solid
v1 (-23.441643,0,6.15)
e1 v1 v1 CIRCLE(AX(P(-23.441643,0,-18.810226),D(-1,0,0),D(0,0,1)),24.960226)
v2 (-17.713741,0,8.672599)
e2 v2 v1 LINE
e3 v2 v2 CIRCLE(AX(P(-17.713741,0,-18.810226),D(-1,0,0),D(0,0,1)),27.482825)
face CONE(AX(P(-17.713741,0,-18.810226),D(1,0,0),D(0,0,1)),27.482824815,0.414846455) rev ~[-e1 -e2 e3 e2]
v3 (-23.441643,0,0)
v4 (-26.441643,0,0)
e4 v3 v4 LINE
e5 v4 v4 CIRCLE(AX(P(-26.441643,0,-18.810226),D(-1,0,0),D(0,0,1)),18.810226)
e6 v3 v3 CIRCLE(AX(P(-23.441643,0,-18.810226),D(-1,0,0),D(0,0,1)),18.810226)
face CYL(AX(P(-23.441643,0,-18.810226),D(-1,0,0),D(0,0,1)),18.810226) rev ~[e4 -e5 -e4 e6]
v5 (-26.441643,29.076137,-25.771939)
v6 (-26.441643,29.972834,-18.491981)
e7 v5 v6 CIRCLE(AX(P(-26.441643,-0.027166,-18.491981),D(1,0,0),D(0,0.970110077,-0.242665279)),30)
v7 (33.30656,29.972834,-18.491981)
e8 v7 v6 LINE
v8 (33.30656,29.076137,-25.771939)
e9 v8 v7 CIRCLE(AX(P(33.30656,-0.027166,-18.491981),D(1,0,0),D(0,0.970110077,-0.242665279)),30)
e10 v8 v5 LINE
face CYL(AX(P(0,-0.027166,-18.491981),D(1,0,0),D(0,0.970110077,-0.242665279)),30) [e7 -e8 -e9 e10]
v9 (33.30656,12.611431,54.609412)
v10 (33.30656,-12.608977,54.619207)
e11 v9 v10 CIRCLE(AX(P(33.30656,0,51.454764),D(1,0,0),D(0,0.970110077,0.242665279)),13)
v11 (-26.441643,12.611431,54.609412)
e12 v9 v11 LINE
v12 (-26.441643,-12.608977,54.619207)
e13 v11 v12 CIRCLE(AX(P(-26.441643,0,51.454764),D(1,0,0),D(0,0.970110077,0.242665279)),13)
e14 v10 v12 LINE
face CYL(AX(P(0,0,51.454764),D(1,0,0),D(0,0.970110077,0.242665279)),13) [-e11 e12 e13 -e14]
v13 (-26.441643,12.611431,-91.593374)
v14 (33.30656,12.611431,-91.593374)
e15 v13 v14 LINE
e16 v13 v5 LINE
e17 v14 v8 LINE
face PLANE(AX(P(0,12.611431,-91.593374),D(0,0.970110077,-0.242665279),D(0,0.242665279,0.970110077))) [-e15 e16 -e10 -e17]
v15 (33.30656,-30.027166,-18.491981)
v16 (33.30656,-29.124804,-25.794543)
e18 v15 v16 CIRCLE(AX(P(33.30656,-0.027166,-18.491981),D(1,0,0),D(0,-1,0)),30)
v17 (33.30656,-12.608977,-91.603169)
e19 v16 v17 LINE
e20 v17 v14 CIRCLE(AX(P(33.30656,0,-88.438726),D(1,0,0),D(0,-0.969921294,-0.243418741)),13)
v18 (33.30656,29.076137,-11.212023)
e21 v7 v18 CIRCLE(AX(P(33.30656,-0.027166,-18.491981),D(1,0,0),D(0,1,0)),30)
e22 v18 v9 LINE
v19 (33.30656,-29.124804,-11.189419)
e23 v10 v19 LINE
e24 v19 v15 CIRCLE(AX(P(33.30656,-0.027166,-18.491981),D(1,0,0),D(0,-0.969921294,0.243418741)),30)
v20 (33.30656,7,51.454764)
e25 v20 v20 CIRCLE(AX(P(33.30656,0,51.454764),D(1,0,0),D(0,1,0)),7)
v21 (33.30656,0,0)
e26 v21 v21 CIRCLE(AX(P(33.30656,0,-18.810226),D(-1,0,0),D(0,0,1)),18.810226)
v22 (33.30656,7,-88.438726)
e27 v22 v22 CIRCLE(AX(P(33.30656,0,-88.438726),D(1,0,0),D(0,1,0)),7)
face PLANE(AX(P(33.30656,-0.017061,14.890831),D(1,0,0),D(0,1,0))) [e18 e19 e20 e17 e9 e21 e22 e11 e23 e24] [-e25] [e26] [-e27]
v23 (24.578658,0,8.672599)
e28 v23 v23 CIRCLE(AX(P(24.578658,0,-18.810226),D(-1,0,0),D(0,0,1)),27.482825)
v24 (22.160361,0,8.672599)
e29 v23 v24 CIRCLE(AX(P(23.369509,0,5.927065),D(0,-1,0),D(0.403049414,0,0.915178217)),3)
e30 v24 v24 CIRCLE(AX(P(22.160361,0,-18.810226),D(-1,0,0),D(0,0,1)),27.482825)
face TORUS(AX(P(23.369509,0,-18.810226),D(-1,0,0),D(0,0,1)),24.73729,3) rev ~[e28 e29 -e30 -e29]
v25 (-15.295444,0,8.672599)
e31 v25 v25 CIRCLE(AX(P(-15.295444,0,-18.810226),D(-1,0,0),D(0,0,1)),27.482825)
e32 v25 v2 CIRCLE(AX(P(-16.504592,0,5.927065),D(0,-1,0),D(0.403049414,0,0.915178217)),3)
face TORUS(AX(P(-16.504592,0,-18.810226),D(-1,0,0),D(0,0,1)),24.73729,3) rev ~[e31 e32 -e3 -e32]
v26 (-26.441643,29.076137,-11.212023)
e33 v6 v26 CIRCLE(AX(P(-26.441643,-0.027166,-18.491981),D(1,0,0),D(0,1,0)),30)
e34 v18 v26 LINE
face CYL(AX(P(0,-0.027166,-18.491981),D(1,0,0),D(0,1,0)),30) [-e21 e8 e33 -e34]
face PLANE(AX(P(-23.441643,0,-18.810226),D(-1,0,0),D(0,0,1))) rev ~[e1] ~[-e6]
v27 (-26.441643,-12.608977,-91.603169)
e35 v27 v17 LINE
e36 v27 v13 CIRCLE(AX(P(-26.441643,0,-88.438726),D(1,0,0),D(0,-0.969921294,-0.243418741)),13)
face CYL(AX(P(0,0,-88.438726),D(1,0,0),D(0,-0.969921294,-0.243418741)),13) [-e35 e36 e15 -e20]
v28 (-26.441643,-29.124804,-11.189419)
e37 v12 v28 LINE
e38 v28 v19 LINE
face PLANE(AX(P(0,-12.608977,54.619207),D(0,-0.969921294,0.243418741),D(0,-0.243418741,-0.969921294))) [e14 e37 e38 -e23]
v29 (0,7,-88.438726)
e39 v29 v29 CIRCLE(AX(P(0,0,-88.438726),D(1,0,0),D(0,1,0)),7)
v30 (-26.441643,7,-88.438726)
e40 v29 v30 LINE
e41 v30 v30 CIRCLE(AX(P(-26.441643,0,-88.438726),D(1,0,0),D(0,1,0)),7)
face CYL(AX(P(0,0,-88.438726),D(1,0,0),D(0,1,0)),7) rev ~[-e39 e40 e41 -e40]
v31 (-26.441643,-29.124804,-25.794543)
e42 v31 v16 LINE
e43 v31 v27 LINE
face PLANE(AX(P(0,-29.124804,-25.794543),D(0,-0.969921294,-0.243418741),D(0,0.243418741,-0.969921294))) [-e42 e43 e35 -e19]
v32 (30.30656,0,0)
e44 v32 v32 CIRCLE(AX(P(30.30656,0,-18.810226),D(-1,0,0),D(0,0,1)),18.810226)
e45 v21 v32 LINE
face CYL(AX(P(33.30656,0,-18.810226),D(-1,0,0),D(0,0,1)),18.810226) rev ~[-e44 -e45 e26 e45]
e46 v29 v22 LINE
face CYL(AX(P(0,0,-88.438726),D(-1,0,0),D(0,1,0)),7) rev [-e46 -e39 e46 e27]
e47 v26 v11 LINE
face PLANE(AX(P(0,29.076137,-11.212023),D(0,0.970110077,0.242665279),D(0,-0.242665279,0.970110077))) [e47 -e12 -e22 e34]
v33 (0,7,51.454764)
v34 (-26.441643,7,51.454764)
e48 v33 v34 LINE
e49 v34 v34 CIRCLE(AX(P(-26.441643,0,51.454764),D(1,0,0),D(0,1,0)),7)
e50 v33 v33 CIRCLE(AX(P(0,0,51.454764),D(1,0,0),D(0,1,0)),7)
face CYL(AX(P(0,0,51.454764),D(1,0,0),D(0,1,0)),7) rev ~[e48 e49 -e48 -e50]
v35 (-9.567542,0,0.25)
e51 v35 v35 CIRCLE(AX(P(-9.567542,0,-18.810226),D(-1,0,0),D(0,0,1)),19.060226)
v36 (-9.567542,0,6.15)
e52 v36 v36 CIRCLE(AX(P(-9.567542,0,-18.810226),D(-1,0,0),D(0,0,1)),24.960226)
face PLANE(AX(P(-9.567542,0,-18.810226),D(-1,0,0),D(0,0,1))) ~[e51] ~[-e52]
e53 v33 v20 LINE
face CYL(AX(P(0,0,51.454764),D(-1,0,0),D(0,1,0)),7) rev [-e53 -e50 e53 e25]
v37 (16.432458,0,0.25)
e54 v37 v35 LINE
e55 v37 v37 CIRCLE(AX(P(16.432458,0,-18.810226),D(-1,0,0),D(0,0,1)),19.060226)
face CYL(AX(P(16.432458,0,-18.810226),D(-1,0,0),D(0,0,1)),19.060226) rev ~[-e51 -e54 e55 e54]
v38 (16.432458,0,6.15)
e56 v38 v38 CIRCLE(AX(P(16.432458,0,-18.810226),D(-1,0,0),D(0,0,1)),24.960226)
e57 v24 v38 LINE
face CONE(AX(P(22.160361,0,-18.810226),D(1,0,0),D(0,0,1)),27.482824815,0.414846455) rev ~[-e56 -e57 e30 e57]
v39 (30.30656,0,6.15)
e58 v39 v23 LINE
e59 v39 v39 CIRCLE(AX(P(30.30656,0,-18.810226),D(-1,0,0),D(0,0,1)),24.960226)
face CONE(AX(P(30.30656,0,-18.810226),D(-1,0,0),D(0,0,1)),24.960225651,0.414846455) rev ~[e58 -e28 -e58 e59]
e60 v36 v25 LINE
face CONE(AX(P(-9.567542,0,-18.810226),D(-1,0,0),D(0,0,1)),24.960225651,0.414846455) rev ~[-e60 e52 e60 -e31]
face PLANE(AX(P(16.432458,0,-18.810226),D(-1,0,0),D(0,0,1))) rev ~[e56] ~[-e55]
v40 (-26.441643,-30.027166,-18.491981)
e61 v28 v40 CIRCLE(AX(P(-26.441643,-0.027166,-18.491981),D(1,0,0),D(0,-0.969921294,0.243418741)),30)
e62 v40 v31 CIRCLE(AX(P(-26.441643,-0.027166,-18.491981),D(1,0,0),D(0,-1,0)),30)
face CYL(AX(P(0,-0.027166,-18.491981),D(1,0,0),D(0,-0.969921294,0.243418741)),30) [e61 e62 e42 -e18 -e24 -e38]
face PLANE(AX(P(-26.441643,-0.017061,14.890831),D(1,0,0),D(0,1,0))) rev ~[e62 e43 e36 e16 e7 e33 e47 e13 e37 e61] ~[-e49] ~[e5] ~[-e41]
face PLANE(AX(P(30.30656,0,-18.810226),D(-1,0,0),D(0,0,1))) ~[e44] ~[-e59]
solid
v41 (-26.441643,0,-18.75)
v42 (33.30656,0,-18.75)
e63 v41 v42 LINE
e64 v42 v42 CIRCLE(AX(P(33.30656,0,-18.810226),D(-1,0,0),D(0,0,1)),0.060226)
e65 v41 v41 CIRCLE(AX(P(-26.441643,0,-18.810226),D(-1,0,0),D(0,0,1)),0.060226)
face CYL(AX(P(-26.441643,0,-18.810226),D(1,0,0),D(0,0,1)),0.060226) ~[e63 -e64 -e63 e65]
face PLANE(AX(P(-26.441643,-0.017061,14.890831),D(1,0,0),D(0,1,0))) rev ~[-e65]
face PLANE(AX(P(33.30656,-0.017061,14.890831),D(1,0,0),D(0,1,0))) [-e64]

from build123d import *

# Parameters (mm, degrees)
F2_R          = 7
F4_DEPTH      = 33.3065602455
F4_DEPTH_BACK = 26.4416433064


with BuildPart() as f3:
    # F0 (on Front) → F3 (revolve)
    with BuildSketch(Plane.XZ):
        with BuildLine():
            Line((-23.4416433064, 0), (-26.4416433064, 0))
            Line((-26.4416433064, 0), (-26.4416433064, -18.75))
            Line((-26.4416433064, -18.75), (33.3065602455, -18.75))
            Line((33.3065602455, -18.75), (33.3065602455, 0))
            Line((33.3065602455, 0), (30.3065602455, 0))
            Line((30.3065602455, 0), (30.3065602455, 6.15))
            Line((30.3065602455, 6.15), (24.5786576005, 8.6725991642))
            ThreePointArc((24.5786576005, 8.6725991642), (23.3695093576, 8.927064512), (22.1603611146, 8.6725991642))
            Line((22.1603611146, 8.6725991642), (16.4324584696, 6.15))
            Line((16.4324584696, 6.15), (16.4324584696, 0.25))
            Line((16.4324584696, 0.25), (3.4324584696, 0.25))
            Line((3.4324584696, 0.25), (-9.5675415304, 0.25))
            Line((-9.5675415304, 0.25), (-9.5675415304, 6.15))
            Line((-9.5675415304, 6.15), (-15.2954441754, 8.6725991642))
            ThreePointArc((-15.2954441754, 8.6725991642), (-16.5045924184, 8.927064512), (-17.7137406613, 8.6725991642))
            Line((-17.7137406613, 8.6725991642), (-23.4416433064, 6.15))
            Line((-23.4416433064, 6.15), (-23.4416433064, 0))
        make_face()
    revolve(axis=Axis((2.1554362029, 0, -18.8102256507), (-1, 0, 0)))


with BuildPart() as f4:
    # F2 (on Right) → F4 (new body, two sides)
    with BuildSketch(Plane.YZ) as f4_sk:
        with BuildLine():
            Line((-12.6089768233, 54.6192074868), (-29.1248044555, -11.1894187234))
            ThreePointArc((-29.1248044555, -11.1894187234), (-29.8007207167, -14.8129297506), (-30.0271656326, -18.4919809402))
            Line((-30.0271656326, -18.4919809402), (29.9728343674, -18.4919809402))
            ThreePointArc((29.9728343674, -18.4919809402), (29.7478160608, -14.8244933595), (29.0761366904, -11.2120225685))
            Line((29.0761366904, -11.2120225685), (12.6114310066, 54.6094124873))
            ThreePointArc((12.6114310066, 54.6094124873), (0.0050488868, 64.4547628791), (-12.6089768233, 54.6192074868))
        make_face()
        with Locations((0, 51.4547638595)):
            Circle(F2_R, mode=Mode.SUBTRACT)
        with BuildLine():
            Line((29.9728343674, -18.4919809402), (-30.0271656326, -18.4919809402))
            ThreePointArc((-30.0271656326, -18.4919809402), (-29.8007207167, -22.1710321299), (-29.1248044555, -25.7945431571))
            Line((-29.1248044555, -25.7945431571), (-12.6089768233, -91.6031693673))
            ThreePointArc((-12.6089768233, -91.6031693673), (0.0050488868, -101.4387247595), (12.6114310066, -91.5933743677))
            Line((12.6114310066, -91.5933743677), (29.0761366904, -25.771939312))
            ThreePointArc((29.0761366904, -25.771939312), (29.7478160608, -22.1594685209), (29.9728343674, -18.4919809402))
        make_face()
        with Locations((0, -88.43872574)):
            Circle(F2_R, mode=Mode.SUBTRACT)
    extrude(amount=F4_DEPTH)
    extrude(f4_sk.sketch, amount=-F4_DEPTH_BACK)

    # F5: cut F3
    add(f3.part, mode=Mode.SUBTRACT)


solid = f4.part
